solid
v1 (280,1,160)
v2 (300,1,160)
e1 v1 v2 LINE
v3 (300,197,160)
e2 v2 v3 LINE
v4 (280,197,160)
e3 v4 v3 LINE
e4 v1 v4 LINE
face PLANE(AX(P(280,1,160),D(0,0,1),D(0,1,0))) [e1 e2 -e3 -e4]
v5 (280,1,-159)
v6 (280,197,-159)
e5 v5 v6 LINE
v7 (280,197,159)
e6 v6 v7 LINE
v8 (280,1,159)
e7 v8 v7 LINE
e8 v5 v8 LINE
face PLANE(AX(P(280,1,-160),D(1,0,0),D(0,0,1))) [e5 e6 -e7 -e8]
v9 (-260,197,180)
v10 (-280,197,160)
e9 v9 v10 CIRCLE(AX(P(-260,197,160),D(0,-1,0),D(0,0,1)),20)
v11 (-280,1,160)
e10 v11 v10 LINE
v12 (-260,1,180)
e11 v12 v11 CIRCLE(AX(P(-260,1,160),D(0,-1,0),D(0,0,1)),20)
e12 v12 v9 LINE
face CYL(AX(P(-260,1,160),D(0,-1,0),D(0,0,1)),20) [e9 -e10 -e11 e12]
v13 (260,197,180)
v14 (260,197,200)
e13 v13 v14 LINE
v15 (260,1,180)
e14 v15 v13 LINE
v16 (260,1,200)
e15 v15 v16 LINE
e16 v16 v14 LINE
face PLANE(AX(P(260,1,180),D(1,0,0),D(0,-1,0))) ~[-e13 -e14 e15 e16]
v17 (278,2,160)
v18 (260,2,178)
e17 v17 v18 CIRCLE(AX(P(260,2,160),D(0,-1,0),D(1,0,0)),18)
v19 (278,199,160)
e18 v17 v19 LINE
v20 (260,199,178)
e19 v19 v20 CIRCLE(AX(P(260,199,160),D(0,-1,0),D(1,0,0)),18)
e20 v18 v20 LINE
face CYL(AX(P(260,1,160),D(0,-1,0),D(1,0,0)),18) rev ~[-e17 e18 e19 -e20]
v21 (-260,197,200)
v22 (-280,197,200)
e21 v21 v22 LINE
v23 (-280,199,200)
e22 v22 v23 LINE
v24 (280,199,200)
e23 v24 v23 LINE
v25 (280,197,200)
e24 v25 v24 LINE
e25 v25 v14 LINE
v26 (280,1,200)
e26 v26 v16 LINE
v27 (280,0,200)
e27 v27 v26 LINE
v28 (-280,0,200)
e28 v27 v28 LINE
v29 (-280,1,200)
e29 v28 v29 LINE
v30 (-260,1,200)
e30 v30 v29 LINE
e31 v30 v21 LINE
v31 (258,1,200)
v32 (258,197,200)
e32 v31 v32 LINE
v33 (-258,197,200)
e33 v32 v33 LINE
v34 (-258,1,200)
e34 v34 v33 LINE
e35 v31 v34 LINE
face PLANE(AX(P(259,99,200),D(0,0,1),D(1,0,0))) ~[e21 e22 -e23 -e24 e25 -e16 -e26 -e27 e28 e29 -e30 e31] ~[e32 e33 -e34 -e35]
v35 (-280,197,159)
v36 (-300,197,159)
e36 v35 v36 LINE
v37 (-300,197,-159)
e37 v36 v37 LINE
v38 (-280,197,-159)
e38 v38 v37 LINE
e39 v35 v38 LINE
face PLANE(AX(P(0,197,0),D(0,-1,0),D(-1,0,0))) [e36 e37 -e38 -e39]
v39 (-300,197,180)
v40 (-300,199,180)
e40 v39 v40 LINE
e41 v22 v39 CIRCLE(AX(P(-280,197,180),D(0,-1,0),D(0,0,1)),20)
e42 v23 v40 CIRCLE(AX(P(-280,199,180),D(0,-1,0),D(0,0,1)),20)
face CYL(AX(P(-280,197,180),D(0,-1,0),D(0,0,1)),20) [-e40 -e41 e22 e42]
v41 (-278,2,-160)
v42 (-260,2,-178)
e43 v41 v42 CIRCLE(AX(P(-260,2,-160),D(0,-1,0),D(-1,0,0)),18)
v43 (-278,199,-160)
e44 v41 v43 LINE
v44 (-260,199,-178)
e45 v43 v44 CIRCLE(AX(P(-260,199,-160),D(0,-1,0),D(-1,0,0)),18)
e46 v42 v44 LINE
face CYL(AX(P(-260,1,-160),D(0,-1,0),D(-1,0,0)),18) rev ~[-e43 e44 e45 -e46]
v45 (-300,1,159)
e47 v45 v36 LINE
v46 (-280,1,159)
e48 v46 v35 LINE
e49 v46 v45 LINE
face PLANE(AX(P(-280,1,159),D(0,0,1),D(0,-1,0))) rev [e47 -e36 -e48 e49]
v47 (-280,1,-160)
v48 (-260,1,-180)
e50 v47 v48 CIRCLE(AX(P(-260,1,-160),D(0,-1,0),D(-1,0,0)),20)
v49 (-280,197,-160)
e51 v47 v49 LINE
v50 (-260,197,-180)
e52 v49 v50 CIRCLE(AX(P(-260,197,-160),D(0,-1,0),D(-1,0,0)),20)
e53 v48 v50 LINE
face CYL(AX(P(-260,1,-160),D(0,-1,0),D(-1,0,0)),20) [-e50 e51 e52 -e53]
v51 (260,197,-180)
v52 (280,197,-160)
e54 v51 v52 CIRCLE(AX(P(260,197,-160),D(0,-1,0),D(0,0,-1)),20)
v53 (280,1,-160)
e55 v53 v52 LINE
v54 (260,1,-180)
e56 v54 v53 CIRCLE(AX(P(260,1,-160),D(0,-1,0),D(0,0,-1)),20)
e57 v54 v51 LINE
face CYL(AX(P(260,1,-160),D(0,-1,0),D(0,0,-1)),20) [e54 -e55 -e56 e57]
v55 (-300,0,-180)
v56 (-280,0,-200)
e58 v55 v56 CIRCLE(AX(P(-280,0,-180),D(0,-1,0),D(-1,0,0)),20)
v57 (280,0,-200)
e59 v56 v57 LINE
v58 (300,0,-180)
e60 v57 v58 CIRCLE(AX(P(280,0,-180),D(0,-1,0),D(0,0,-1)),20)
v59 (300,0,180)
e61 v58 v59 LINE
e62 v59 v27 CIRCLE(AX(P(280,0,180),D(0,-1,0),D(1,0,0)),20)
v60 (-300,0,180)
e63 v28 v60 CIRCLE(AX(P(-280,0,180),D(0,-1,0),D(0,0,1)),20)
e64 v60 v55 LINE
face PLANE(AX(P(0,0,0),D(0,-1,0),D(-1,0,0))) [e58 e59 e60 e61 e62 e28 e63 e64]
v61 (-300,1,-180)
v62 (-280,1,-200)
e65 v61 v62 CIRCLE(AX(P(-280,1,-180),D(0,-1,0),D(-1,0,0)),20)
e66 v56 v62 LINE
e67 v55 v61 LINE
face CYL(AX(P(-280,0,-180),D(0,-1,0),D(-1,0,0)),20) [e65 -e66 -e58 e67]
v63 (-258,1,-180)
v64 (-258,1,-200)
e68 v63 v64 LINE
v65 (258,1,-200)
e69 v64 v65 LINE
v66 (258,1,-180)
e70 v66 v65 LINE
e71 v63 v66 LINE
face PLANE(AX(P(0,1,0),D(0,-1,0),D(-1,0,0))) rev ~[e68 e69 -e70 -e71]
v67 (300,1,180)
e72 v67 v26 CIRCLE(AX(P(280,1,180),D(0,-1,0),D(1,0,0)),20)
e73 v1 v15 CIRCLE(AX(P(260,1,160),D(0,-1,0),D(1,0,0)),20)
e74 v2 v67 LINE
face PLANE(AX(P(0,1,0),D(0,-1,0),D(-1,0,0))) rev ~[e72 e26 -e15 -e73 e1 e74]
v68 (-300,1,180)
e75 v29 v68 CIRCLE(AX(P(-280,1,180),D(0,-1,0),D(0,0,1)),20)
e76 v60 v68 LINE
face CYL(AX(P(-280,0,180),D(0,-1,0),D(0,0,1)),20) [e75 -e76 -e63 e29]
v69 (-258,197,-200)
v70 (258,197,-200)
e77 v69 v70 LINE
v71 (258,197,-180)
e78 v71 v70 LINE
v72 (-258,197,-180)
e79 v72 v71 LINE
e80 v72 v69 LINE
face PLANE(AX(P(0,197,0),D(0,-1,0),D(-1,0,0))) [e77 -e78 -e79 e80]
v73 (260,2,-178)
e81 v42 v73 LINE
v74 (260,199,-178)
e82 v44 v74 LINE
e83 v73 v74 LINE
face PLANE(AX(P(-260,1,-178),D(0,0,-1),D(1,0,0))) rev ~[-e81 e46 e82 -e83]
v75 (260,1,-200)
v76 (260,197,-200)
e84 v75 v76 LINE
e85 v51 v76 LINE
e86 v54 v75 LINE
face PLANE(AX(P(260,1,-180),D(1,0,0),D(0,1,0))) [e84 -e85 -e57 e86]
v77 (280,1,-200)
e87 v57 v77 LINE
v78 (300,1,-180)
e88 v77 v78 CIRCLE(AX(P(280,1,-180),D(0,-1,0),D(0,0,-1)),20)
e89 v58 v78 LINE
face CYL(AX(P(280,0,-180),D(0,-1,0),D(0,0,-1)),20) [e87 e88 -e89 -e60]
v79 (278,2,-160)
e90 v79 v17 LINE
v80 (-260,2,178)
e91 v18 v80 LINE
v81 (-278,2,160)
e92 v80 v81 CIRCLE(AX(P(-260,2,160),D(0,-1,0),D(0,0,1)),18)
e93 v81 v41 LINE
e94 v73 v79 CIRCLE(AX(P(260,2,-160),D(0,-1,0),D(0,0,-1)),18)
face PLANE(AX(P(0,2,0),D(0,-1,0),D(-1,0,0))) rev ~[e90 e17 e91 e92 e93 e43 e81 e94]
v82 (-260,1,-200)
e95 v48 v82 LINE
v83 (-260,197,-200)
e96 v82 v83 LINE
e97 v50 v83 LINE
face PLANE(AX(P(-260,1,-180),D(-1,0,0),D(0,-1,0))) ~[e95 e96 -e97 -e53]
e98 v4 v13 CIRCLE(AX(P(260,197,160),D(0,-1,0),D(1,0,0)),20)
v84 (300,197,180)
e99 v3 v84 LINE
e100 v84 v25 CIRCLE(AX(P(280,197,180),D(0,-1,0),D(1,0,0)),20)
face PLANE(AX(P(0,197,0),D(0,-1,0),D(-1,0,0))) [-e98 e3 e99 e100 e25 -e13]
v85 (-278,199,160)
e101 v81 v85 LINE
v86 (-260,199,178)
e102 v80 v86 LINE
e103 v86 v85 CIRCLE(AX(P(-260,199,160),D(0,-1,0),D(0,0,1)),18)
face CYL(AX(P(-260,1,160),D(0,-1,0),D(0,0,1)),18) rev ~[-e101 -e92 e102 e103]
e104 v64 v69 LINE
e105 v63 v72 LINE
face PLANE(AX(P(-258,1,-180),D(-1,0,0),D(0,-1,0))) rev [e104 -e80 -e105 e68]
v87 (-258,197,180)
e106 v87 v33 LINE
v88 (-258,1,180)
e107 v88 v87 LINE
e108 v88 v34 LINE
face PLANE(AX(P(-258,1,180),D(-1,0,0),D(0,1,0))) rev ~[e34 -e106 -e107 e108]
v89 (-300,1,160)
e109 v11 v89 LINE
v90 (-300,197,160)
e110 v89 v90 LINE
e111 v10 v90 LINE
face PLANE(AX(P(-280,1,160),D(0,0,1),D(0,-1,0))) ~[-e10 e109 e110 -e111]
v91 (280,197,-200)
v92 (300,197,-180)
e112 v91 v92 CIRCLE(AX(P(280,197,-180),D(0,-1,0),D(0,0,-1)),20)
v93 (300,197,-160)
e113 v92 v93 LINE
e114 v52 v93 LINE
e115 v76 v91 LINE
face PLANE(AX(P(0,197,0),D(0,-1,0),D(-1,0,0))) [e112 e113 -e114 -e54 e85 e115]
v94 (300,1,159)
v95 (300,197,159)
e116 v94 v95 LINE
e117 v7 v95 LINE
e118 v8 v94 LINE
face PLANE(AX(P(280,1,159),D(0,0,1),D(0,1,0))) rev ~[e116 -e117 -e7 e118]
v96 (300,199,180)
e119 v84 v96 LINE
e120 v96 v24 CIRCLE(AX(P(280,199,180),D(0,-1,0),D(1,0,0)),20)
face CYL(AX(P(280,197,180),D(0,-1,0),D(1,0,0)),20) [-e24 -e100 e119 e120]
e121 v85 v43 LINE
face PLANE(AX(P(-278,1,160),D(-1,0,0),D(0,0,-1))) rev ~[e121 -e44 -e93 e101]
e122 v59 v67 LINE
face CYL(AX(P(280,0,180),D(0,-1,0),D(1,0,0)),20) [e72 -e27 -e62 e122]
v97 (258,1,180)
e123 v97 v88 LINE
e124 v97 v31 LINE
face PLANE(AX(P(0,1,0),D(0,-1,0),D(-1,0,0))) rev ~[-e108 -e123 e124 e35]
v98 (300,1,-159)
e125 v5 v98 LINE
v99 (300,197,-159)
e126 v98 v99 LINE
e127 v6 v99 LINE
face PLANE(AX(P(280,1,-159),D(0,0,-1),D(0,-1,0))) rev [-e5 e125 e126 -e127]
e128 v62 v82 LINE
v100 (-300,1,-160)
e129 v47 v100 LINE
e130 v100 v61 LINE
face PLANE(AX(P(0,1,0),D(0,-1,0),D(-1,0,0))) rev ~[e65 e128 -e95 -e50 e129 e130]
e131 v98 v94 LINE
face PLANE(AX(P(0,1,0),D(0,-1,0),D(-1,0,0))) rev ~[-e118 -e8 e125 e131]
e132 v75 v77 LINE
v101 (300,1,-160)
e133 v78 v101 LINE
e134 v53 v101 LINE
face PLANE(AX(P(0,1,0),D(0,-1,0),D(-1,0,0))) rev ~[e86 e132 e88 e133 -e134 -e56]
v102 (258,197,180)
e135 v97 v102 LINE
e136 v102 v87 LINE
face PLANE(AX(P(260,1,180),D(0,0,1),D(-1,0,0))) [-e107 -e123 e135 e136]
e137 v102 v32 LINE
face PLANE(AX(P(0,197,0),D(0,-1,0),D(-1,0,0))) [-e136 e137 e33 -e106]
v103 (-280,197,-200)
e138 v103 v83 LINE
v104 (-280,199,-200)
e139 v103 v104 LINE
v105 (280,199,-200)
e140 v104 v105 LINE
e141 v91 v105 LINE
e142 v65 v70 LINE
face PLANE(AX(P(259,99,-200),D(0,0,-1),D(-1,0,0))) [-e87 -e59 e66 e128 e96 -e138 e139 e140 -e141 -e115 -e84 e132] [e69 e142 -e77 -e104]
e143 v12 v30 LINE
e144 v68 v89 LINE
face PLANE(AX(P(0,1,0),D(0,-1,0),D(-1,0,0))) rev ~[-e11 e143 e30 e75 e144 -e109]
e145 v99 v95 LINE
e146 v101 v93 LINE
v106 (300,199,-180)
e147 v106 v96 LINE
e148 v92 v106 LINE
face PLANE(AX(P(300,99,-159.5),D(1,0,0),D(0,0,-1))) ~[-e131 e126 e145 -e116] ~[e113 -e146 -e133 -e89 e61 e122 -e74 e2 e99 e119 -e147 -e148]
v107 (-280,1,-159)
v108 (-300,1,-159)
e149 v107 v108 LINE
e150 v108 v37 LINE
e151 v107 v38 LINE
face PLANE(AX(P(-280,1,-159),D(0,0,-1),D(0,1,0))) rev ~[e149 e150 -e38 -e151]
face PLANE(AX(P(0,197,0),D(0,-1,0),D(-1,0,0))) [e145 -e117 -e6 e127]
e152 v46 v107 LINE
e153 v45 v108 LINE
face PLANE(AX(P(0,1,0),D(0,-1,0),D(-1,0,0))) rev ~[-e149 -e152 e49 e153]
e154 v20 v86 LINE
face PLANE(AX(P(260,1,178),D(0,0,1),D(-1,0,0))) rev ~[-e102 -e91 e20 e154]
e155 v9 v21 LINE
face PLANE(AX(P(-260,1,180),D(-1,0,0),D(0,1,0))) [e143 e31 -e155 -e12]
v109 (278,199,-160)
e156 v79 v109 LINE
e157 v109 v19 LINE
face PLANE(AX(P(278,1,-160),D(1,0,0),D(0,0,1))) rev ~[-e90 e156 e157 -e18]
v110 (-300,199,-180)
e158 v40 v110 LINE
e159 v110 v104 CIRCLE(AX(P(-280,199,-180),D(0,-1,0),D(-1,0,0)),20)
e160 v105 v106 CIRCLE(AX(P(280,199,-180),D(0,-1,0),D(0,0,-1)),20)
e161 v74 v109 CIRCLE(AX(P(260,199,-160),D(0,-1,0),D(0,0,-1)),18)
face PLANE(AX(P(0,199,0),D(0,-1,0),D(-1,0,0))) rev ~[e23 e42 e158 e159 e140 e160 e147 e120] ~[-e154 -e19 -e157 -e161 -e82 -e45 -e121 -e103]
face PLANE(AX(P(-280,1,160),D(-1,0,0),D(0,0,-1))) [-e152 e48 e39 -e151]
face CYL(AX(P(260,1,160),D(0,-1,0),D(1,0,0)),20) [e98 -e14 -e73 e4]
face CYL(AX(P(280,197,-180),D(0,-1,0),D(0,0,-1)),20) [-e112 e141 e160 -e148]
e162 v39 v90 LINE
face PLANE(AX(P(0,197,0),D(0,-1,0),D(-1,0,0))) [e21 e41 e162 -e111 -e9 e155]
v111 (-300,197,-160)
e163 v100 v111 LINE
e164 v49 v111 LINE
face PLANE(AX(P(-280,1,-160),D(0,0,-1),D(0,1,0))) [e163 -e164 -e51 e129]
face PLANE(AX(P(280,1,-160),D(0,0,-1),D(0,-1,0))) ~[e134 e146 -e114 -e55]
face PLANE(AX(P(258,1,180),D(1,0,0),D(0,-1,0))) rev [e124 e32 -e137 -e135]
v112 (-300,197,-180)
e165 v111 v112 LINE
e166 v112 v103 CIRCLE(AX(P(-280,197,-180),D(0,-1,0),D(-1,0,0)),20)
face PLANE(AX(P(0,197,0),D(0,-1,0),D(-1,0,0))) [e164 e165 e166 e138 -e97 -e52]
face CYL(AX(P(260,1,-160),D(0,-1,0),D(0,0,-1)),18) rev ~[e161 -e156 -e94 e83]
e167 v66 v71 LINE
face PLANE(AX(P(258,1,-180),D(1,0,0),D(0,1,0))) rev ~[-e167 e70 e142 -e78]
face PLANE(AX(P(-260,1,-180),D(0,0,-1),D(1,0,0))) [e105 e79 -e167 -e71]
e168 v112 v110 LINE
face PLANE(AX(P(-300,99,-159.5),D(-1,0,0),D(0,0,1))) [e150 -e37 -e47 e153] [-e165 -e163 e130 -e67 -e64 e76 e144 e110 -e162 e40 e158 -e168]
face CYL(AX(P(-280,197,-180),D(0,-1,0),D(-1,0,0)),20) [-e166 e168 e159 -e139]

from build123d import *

# Parameters (mm, degrees)
BOSS_EXTRU_4_DEPTH        = 1
BOSS_EXTRU_5_DEPTH        = 198
COQUE2_T                  = -2
BOSS_EXTRU_6_DEPTH        = 2
ENL_V_START               = -2
ENL_V_MAT_EXTRU_3_DEPTH   = 2
ESQUISSE18_W              = 1
ESQUISSE18_H              = 196
BOSS_EXTRU_7_DEPTH        = 20
SYM_TRIE3_COPY_1_SKETCH_W = 1
SYM_TRIE3_COPY_1_SKETCH_H = 196
SYM_TRIE3_COPY_1_DEPTH    = 20
ESQUISSE19_W              = 2
ESQUISSE19_H              = 196
BOSS_EXTRU_8_DEPTH        = 20
SYM_TRIE5_COPY_1_SKETCH_W = 2
SYM_TRIE5_COPY_1_SKETCH_H = 196
SYM_TRIE5_COPY_1_DEPTH    = 20


with BuildPart() as part:
    # Esquisse1 → Boss.-Extru.4 (new body)
    with BuildSketch(Plane(origin=(0, 0, 0), x_dir=(1, 0, 0), z_dir=(0, 1, 0))):
        with BuildLine():
            Line((-280, 200), (280, 200))
            ThreePointArc((280, 200), (294.142135624, 194.142135624), (300, 180))
            Line((300, 180), (300, -180))
            ThreePointArc((300, -180), (294.142135624, -194.142135624), (280, -200))
            Line((280, -200), (-280, -200))
            ThreePointArc((-280, -200), (-294.142135624, -194.142135624), (-300, -180))
            Line((-300, -180), (-300, 180))
            ThreePointArc((-300, 180), (-294.142135624, 194.142135624), (-280, 200))
        make_face()
    boss_extru_4 = extrude(amount=BOSS_EXTRU_4_DEPTH)

    # Esquisse3 → Boss.-Extru.5 (add)
    with BuildSketch(Plane(origin=(0, 1, 0), x_dir=(1, 0, 0), z_dir=(0, 1, 0))):
        with BuildLine():
            Line((-260, 180), (260, 180))
            ThreePointArc((260, 180), (274.142135624, 174.142135624), (280, 160))
            Line((280, 160), (280, -160))
            ThreePointArc((280, -160), (274.142135624, -174.142135624), (260, -180))
            Line((260, -180), (-260, -180))
            ThreePointArc((-260, -180), (-274.142135624, -174.142135624), (-280, -160))
            Line((-280, -160), (-280, 160))
            ThreePointArc((-280, 160), (-274.142135624, 174.142135624), (-260, 180))
        make_face()
    extrude(amount=BOSS_EXTRU_5_DEPTH)

    # Coque2
    coque2_openings = [part.faces().sort_by_distance(p)[0] for p in [
        (0, 199, 0),
    ]]
    offset(amount=COQUE2_T, openings=coque2_openings, kind=Kind.INTERSECTION)



with BuildPart() as body_2:
    # Esquisse12 → Boss.-Extru.6 (new body)
    with BuildSketch(Plane(origin=(0, 197, 0), x_dir=(1, 0, 0), z_dir=(0, 1, 0))):
        with BuildLine():
            Line((-280, 200), (280, 200))
            ThreePointArc((280, 200), (294.142135624, 194.142135624), (300, 180))
            Line((300, 180), (300, -180))
            ThreePointArc((300, -180), (294.142135624, -194.142135624), (280, -200))
            Line((280, -200), (-280, -200))
            ThreePointArc((-280, -200), (-294.142135624, -194.142135624), (-300, -180))
            Line((-300, -180), (-300, 180))
            ThreePointArc((-300, 180), (-294.142135624, 194.142135624), (-280, 200))
        make_face()
    extrude(amount=BOSS_EXTRU_6_DEPTH)

    # Esquisse17 → Enlèv. mat.-Extru.3 (cut)
    with BuildSketch(Plane(origin=(0, 199, 0), x_dir=(1, 0, 0), z_dir=(0, 1, 0)).offset(ENL_V_START)):
        with BuildLine():
            Line((-260, 180), (260, 180))
            ThreePointArc((260, 180), (274.142135624, 174.142135624), (280, 160))
            Line((280, 160), (280, -160))
            ThreePointArc((280, -160), (274.142135624, -174.142135624), (260, -180))
            Line((260, -180), (-260, -180))
            ThreePointArc((-260, -180), (-274.142135624, -174.142135624), (-280, -160))
            Line((-280, -160), (-280, 160))
            ThreePointArc((-280, 160), (-274.142135624, 174.142135624), (-260, 180))
        make_face()
    extrude(amount=ENL_V_MAT_EXTRU_3_DEPTH, mode=Mode.SUBTRACT)


with BuildPart() as part_1:
    add(part.part)

    add(body_2.part)  # Boss.-Extru.7 merges body 2
    # Esquisse18 → Boss.-Extru.7 (add)
    with BuildSketch(Plane(origin=(280, 0, 0), x_dir=(0, 0, -1), z_dir=(1, 0, 0))):
        with Locations((-159.5, 99)):
            Rectangle(ESQUISSE18_W, ESQUISSE18_H)
    boss_extru_7 = extrude(amount=BOSS_EXTRU_7_DEPTH)


with BuildPart() as sym_trie1_1:
    # Symétrie1: Boss.-Extru.4 across plane
    add(boss_extru_4.mirror(Plane.XY))


with BuildPart() as part_2:
    add(part_1.part)

    # Symétrie1 united with what the copies to: union Symétrie1_1
    add(sym_trie1_1.part)

    # Symétrie2: Boss.-Extru.7 across plane
    add(boss_extru_7.mirror(Plane.XY))

    # Symétrie3: Boss.-Extru.7 across plane
    add(boss_extru_7.mirror(Plane(origin=(0, 0, 0), x_dir=(0, 0, 1), z_dir=(1, 0, 0))))

    # Symétrie3 copy 1 sketch → Symétrie3 copy 1 (add)
    with BuildSketch(Plane.ZY.offset(280)):
        with Locations((-159.5, 99)):
            Rectangle(SYM_TRIE3_COPY_1_SKETCH_W, SYM_TRIE3_COPY_1_SKETCH_H)
    extrude(amount=SYM_TRIE3_COPY_1_DEPTH)

    # Esquisse19 → Boss.-Extru.8 (add)
    with BuildSketch(Plane.XY.offset(180)):
        with Locations((-259, 99)):
            Rectangle(ESQUISSE19_W, ESQUISSE19_H)
    boss_extru_8 = extrude(amount=BOSS_EXTRU_8_DEPTH)

    # Symétrie4: Boss.-Extru.8 across plane
    add(boss_extru_8.mirror(Plane(origin=(0, 0, 0), x_dir=(0, 0, 1), z_dir=(1, 0, 0))))

    # Symétrie5: Boss.-Extru.8 across plane
    add(boss_extru_8.mirror(Plane.XY))

    # Symétrie5 copy 1 sketch → Symétrie5 copy 1 (add)
    with BuildSketch(Plane(origin=(0, 0, -180), x_dir=(-1, 0, 0), z_dir=(0, 0, -1))):
        with Locations((-259, 99)):
            Rectangle(SYM_TRIE5_COPY_1_SKETCH_W, SYM_TRIE5_COPY_1_SKETCH_H)
    extrude(amount=SYM_TRIE5_COPY_1_DEPTH)


solid = part_2.part
